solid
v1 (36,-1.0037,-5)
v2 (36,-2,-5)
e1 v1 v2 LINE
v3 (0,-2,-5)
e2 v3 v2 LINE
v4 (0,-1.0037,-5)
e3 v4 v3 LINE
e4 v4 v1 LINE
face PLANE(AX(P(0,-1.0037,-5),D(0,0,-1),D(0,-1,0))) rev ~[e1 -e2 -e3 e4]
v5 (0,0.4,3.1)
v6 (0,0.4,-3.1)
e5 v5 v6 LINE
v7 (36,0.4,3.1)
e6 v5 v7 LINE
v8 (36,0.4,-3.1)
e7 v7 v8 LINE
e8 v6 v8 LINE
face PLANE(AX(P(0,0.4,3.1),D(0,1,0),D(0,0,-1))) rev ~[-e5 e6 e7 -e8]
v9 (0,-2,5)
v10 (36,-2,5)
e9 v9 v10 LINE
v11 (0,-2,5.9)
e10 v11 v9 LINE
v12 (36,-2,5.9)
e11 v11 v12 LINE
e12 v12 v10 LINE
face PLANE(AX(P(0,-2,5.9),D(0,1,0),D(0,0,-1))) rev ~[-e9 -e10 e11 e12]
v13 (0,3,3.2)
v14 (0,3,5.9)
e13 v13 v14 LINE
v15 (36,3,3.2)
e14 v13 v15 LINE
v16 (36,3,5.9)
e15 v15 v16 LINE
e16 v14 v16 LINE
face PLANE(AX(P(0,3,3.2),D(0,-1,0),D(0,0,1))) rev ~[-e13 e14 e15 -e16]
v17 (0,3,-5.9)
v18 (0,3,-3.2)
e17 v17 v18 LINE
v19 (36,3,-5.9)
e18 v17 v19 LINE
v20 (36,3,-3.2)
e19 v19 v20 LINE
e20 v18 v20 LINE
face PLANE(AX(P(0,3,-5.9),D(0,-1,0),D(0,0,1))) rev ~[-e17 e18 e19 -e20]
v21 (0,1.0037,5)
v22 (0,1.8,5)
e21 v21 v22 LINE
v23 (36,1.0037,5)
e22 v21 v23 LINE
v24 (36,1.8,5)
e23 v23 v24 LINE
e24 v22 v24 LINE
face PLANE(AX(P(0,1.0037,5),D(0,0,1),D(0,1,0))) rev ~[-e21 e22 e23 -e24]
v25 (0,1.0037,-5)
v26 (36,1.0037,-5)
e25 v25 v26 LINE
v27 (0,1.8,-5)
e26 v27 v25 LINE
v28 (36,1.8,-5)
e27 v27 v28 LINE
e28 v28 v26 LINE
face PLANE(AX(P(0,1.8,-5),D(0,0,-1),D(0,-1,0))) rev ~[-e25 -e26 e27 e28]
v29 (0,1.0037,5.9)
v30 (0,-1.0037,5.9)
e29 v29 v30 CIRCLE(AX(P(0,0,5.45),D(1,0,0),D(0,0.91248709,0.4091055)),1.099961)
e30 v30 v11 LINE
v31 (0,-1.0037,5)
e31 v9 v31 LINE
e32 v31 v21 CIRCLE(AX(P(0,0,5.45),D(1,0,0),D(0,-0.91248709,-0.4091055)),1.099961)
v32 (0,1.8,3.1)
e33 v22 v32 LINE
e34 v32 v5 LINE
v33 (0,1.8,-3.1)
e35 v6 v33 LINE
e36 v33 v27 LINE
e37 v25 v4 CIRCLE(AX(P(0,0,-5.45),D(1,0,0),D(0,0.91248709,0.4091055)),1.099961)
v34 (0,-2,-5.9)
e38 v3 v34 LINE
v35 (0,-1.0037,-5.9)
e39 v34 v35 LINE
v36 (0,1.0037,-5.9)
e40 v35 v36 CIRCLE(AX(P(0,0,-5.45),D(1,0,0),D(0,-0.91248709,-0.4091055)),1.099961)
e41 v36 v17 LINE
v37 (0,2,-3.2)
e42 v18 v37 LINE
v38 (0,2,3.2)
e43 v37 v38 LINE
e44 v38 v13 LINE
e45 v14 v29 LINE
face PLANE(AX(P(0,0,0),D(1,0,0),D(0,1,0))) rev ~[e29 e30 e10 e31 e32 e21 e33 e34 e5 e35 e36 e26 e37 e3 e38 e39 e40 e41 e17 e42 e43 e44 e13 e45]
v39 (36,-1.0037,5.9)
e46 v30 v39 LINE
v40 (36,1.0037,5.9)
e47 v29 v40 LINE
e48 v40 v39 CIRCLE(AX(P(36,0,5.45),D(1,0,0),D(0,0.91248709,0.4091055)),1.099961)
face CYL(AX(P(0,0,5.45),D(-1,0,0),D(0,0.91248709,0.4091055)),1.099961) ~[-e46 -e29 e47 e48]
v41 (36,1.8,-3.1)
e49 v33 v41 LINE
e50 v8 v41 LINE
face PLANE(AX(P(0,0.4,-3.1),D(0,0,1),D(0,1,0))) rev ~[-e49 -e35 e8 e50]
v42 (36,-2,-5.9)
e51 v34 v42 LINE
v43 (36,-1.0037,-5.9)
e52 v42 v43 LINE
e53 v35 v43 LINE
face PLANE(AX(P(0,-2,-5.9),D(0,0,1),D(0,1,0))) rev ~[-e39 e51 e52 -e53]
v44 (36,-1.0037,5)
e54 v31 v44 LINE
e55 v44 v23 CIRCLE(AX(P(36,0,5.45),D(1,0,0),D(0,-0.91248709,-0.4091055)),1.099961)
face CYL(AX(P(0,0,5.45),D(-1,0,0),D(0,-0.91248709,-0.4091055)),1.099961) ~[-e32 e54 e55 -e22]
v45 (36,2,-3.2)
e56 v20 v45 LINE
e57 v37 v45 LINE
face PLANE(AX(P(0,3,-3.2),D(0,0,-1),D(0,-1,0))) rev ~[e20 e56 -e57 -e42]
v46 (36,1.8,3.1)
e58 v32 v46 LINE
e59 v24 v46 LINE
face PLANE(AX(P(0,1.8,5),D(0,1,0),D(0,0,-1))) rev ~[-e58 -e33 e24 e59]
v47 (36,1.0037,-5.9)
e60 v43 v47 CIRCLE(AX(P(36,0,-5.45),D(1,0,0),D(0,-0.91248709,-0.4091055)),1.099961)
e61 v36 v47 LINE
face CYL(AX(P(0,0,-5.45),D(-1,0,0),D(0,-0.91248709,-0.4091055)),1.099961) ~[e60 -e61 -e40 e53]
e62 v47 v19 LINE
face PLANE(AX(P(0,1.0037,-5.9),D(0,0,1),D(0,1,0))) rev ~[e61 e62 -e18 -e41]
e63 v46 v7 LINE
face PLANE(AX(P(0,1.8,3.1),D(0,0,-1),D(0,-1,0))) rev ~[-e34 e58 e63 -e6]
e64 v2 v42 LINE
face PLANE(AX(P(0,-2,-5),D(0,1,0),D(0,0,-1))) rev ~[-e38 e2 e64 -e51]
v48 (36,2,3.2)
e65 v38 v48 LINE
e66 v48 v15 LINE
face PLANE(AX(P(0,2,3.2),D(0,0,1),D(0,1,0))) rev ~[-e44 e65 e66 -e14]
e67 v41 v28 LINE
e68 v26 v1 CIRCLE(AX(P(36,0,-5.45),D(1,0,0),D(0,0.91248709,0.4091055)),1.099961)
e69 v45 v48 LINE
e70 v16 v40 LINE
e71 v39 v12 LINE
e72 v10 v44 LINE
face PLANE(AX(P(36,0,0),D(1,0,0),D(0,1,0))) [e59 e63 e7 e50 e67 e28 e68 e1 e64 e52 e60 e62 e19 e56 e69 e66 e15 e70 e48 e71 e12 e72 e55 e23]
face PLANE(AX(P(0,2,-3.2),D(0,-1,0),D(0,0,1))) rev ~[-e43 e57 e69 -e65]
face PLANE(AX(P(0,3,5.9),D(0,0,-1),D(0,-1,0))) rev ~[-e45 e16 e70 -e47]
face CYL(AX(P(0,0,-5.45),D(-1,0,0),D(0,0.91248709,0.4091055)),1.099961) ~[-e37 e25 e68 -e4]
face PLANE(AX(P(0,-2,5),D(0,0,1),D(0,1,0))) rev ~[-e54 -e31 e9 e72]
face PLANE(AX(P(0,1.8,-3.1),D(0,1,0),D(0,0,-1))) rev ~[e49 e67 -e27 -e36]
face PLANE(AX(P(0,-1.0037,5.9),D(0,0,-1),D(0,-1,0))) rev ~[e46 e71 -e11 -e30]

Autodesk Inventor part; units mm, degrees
sketch "Sketch_1" plane through (0, 0, 0) normal (1, 0, 0) x (0, 1, 0)
  arc A0 (1.0037, 5.9) -> (-1.0037, 5.9) centre (0, 5.45) ccw
  line L0 (-1.0037, 5.9) -> (-2, 5.9)
  line L1 (-2, 5.9) -> (-2, 5)
  line L2 (-2, 5) -> (-1.0037, 5)
  arc A1 (-1.0037, 5) -> (1.0037, 5) centre (0, 5.45) ccw
  line L3 (1.0037, 5) -> (1.8, 5)
  line L4 (1.8, 5) -> (1.8, 3.1)
  line L5 (1.8, 3.1) -> (0.4, 3.1)
  line L6 (0.4, 3.1) -> (0.4, -3.1)
  line L7 (0.4, -3.1) -> (1.8, -3.1)
  line L8 (1.8, -3.1) -> (1.8, -5)
  line L9 (1.8, -5) -> (1.0037, -5)
  arc A2 (1.0037, -5) -> (-1.0037, -5) centre (0, -5.45) ccw
  line L10 (-1.0037, -5) -> (-2, -5)
  line L11 (-2, -5) -> (-2, -5.9)
  line L12 (-2, -5.9) -> (-1.0037, -5.9)
  arc A3 (-1.0037, -5.9) -> (1.0037, -5.9) centre (0, -5.45) ccw
  line L13 (1.0037, -5.9) -> (3, -5.9)
  line L14 (3, -5.9) -> (3, -3.2)
  line L15 (3, -3.2) -> (2, -3.2)
  line L16 (2, -3.2) -> (2, 3.2)
  line L17 (2, 3.2) -> (3, 3.2)
  line L18 (3, 3.2) -> (3, 5.9)
  line L19 (3, 5.9) -> (1.0037, 5.9)
extrude "Extrusion1" add sketch "Sketch_1" along normal blind 36
ref_plane "bspg_rt_XY" through (18, 0, 0) normal (1, 0, 0) x (0, 0, -1)
ref_plane "bspg_rt_YZ" through (18, 0, 0) normal (0, 0, -1) x (0, 1, 0)
ref_plane "bspg_rt_ZX" through (18, 0, 0) normal (0, 1, 0) x (1, 0, 0)
properties part number "BSPG-SL1560Retainer"
